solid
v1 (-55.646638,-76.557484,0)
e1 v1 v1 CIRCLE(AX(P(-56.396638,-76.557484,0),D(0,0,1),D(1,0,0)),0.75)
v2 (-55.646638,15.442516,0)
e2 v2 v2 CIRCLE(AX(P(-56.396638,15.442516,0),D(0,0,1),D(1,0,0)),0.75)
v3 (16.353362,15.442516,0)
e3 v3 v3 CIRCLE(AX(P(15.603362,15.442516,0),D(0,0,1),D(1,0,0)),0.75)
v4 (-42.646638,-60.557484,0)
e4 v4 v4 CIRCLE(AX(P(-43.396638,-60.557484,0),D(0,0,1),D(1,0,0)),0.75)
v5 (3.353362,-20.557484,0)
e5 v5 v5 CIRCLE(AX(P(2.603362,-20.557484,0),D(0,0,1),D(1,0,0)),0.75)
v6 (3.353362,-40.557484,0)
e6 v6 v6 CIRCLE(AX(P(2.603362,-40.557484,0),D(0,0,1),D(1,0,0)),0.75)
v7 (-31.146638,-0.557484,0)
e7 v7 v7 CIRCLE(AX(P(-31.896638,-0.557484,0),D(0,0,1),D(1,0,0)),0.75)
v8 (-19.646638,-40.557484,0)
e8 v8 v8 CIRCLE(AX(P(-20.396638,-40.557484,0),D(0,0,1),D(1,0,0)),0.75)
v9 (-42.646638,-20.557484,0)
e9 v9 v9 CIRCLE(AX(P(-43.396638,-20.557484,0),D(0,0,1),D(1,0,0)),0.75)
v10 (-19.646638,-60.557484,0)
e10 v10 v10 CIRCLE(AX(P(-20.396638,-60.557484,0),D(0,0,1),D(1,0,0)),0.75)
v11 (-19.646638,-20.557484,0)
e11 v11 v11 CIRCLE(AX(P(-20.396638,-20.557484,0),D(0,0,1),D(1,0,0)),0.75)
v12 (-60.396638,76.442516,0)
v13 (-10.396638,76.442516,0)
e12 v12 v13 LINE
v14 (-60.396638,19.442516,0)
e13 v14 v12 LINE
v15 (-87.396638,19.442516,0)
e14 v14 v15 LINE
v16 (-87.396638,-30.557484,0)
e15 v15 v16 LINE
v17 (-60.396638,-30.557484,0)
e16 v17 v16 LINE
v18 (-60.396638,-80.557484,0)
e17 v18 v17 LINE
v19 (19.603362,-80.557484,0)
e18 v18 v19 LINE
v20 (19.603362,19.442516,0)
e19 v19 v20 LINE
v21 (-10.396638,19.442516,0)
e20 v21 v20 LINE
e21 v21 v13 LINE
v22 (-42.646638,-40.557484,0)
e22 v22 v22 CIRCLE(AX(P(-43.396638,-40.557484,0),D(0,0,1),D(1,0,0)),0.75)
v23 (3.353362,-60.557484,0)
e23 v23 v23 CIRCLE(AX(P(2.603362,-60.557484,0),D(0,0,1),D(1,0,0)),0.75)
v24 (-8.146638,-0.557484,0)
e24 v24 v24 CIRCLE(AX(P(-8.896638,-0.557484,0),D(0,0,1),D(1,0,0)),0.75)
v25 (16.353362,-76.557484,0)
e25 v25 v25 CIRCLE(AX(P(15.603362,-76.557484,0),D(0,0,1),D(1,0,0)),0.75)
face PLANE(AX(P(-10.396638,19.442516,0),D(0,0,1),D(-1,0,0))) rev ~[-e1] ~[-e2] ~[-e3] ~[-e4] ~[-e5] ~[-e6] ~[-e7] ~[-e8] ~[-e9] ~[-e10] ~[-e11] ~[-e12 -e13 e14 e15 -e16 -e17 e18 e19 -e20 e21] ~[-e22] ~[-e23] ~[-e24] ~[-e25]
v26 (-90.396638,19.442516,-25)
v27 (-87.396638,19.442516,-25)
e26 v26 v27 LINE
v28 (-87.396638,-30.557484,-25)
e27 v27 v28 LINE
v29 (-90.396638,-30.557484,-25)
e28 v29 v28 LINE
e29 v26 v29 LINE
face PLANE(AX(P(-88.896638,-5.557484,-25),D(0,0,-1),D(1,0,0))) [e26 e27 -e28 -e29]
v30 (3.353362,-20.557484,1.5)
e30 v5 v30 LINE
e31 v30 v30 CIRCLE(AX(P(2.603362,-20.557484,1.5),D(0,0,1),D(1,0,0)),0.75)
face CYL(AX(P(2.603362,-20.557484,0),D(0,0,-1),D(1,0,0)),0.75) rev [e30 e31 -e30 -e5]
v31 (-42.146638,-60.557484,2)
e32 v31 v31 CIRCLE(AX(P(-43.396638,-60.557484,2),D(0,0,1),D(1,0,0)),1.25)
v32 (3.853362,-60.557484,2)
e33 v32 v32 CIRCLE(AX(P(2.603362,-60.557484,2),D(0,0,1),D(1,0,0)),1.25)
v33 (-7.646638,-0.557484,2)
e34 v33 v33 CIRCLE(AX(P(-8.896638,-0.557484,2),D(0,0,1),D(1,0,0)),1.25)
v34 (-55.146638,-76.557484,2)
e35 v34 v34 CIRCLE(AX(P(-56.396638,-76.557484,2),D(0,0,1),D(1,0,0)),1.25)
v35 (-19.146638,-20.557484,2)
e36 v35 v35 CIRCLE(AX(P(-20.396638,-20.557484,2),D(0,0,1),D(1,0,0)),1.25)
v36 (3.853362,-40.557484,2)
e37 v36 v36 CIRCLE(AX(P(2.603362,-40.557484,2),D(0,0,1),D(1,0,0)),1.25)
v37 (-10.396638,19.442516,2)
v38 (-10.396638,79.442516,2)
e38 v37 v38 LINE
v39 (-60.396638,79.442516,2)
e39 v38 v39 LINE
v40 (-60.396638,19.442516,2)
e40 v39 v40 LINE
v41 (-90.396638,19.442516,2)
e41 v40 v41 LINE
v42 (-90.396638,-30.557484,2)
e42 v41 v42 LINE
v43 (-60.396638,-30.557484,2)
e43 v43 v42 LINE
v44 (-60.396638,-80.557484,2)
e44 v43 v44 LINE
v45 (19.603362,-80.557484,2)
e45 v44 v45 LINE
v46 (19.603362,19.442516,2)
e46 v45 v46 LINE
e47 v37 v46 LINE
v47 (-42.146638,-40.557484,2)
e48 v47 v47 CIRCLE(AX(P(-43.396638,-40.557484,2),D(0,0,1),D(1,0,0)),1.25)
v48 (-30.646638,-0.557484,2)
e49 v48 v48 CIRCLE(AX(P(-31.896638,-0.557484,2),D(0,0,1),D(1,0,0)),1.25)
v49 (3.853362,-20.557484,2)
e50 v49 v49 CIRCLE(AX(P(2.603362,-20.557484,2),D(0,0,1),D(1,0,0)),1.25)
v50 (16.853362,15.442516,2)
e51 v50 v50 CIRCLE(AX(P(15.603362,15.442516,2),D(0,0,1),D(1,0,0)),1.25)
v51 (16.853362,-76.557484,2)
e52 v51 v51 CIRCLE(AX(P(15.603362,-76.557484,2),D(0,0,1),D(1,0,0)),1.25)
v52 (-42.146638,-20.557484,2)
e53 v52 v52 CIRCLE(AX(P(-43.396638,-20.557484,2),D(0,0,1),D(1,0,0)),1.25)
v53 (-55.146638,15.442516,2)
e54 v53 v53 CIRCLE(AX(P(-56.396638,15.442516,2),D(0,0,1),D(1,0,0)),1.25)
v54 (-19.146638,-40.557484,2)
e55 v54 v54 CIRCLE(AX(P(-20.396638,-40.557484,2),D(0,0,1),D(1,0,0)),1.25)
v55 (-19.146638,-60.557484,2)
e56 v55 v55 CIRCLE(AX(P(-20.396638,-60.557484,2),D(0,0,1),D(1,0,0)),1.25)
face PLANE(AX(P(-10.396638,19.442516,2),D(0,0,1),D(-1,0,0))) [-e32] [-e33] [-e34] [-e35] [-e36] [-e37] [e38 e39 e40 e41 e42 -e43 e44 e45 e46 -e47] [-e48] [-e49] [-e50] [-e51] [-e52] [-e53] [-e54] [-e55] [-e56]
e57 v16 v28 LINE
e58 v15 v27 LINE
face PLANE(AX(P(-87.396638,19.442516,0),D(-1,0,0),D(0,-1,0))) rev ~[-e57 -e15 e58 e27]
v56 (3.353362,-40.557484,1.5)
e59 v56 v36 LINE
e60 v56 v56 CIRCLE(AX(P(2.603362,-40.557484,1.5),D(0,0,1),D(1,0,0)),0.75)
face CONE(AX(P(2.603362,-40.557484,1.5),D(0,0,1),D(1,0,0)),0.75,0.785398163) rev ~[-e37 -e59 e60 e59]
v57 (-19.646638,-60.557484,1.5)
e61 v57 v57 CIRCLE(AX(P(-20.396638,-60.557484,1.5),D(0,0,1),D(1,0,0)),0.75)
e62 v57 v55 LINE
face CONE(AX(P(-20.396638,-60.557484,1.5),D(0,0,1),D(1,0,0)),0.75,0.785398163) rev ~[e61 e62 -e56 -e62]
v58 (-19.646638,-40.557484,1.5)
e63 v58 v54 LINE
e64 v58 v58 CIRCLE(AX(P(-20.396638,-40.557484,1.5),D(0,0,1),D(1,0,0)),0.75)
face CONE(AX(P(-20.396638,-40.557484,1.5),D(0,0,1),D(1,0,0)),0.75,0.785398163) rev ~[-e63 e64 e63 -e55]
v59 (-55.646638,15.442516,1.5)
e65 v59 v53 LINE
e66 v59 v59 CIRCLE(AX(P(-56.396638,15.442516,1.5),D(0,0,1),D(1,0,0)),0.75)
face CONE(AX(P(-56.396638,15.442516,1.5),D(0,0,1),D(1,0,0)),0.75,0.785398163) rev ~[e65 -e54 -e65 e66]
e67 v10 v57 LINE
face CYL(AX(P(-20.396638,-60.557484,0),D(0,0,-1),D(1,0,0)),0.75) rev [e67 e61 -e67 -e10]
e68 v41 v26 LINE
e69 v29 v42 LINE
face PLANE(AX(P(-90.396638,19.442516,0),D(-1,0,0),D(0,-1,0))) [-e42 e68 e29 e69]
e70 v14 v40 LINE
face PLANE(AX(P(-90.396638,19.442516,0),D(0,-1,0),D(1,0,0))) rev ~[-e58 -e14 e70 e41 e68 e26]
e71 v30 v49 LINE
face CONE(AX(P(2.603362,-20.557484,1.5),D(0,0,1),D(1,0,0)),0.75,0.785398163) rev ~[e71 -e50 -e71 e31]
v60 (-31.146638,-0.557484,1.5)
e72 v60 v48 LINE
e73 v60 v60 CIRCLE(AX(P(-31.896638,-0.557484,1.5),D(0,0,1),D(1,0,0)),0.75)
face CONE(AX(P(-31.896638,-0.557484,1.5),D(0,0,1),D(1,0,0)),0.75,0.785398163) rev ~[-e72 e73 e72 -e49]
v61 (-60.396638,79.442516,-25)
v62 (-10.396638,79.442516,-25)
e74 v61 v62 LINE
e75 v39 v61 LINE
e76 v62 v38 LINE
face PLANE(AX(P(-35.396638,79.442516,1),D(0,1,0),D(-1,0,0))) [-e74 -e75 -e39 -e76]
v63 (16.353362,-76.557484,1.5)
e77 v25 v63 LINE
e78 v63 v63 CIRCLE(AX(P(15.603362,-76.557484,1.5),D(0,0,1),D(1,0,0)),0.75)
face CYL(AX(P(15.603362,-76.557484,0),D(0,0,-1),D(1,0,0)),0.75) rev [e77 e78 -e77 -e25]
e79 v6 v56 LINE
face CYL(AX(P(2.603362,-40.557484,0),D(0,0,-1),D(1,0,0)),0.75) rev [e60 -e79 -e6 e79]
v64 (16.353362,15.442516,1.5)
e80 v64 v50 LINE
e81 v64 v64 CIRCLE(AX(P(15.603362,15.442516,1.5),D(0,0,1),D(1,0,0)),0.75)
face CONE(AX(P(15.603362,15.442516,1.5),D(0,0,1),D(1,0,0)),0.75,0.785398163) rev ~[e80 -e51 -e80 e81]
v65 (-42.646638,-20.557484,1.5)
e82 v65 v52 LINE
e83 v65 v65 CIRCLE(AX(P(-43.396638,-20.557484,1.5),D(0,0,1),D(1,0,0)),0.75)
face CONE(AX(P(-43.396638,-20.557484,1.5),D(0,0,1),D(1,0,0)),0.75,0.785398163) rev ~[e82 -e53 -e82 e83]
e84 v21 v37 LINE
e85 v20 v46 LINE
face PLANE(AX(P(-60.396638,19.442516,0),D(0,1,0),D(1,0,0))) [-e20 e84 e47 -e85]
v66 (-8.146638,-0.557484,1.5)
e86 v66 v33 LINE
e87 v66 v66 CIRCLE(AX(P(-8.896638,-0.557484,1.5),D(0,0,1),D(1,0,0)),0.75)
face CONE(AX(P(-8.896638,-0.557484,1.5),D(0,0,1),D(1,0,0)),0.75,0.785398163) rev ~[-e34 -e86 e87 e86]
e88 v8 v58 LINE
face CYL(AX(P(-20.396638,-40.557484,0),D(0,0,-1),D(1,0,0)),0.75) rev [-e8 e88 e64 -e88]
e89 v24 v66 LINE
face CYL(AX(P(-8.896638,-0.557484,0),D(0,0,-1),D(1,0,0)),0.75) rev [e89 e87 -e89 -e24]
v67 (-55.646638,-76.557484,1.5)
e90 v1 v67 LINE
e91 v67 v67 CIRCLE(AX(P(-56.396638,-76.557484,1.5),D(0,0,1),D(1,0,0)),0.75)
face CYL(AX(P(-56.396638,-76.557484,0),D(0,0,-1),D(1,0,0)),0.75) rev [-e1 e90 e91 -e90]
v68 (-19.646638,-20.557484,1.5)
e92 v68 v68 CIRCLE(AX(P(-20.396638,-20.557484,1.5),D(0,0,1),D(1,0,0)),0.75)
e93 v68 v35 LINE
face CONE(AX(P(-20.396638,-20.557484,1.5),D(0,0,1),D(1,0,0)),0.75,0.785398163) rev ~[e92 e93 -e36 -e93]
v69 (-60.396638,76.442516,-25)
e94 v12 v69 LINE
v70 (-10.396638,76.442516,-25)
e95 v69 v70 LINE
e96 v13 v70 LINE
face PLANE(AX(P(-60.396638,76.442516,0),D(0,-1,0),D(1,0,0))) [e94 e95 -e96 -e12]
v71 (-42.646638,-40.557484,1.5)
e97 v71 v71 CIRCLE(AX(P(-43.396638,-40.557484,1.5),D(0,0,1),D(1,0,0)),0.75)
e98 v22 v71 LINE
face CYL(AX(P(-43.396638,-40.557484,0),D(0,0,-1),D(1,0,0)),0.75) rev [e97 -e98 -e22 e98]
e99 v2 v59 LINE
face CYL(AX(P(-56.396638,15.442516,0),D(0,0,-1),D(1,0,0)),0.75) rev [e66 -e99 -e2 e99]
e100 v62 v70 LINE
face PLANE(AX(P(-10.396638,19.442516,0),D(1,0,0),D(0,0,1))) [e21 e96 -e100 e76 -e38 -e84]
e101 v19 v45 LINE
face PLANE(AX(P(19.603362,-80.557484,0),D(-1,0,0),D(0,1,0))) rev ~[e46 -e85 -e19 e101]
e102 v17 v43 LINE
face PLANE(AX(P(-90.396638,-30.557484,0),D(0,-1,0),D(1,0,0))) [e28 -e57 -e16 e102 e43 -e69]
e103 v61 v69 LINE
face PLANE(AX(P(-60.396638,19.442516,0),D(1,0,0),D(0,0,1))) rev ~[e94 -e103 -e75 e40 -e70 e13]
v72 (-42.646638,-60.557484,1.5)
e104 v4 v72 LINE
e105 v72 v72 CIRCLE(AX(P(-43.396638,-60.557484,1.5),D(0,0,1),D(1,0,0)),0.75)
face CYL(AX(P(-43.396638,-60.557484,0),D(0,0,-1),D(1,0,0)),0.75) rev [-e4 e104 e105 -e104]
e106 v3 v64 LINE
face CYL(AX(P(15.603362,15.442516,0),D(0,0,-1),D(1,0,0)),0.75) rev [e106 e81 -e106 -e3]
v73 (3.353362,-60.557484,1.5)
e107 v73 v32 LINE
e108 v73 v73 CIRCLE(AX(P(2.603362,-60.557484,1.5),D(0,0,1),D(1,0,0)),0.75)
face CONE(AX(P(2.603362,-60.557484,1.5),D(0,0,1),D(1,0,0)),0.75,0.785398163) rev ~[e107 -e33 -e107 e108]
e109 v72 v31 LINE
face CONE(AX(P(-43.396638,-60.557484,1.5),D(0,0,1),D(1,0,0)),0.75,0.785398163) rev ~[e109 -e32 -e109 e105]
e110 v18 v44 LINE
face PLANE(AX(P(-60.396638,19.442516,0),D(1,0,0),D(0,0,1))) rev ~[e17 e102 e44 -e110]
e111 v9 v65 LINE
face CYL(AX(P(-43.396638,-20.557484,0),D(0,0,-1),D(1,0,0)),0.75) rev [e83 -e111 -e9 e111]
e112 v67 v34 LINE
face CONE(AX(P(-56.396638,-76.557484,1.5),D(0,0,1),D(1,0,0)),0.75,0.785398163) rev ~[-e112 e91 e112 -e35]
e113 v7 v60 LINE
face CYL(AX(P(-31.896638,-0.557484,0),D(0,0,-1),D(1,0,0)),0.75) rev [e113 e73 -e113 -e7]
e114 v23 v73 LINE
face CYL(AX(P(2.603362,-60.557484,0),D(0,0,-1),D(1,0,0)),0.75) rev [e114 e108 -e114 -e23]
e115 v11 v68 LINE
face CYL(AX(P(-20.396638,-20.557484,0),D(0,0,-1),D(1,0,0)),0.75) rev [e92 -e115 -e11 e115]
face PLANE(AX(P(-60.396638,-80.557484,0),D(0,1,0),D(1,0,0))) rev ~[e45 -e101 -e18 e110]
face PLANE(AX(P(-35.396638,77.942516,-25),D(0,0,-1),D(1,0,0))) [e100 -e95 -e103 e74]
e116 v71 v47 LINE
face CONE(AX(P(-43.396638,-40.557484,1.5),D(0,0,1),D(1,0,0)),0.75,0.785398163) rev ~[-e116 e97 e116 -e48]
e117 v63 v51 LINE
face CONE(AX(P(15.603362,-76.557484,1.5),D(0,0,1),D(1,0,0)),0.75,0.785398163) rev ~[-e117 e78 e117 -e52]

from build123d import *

# Parameters (mm, degrees)
F0_W     = 80
F0_H     = 100
F0_R     = 0.75
F1_DEPTH = 2
F3_W     = 50
F3_H     = 2
F4_DEPTH = 60
F2_W     = 50
F2_H     = 2
F5_DEPTH = 30
F6_W     = 3
F6_H     = 50
F6_W_2   = 50
F6_H_2   = 3
F7_DEPTH = 25
F8_SIZE  = 0.5


with BuildPart() as f1:
    # F0 (on Top) → F1 (new body)
    with BuildSketch(Plane.XY):
        with Locations((-20.396638, -30.557484)):
            Rectangle(F0_W, F0_H)
        with Locations((-56.396638, -76.557484)):
            Circle(F0_R, mode=Mode.SUBTRACT)
        with Locations((-43.396638, -60.557484)):
            Circle(F0_R, mode=Mode.SUBTRACT)
        with Locations((-43.396638, -40.557484)):
            Circle(F0_R, mode=Mode.SUBTRACT)
        with Locations((-20.396638, -60.557484)):
            Circle(F0_R, mode=Mode.SUBTRACT)
        with Locations((15.603362, -76.557484)):
            Circle(F0_R, mode=Mode.SUBTRACT)
        with Locations((2.603362, -60.557484)):
            Circle(F0_R, mode=Mode.SUBTRACT)
        with Locations((-20.396638, -40.557484)):
            Circle(F0_R, mode=Mode.SUBTRACT)
        with Locations((2.603362, -40.557484)):
            Circle(F0_R, mode=Mode.SUBTRACT)
        with Locations((-43.396638, -20.557484)):
            Circle(F0_R, mode=Mode.SUBTRACT)
        with Locations((-56.396638, 15.442516)):
            Circle(F0_R, mode=Mode.SUBTRACT)
        with Locations((-31.896638, -0.557484)):
            Circle(F0_R, mode=Mode.SUBTRACT)
        with Locations((-20.396638, -20.557484)):
            Circle(F0_R, mode=Mode.SUBTRACT)
        with Locations((2.603362, -20.557484)):
            Circle(F0_R, mode=Mode.SUBTRACT)
        with Locations((-8.896638, -0.557484)):
            Circle(F0_R, mode=Mode.SUBTRACT)
        with Locations((15.603362, 15.442516)):
            Circle(F0_R, mode=Mode.SUBTRACT)
    extrude(amount=F1_DEPTH)

    # F3 (on face) → F4 (join)
    with BuildSketch(Plane(origin=(0, 19.442516, 0), x_dir=(-1, 0, 0), z_dir=(0, 1, 0))):
        with Locations((35.396638, 1)):
            Rectangle(F3_W, F3_H)
    extrude(amount=F4_DEPTH)

    # F2 (on face) → F5 (join)
    with BuildSketch(Plane(origin=(-60.396638, 0, 0), x_dir=(0, -1, 0), z_dir=(-1, 0, 0))):
        with Locations((5.557484, 1)):
            Rectangle(F2_W, F2_H)
    extrude(amount=F5_DEPTH)

    # F6 (on face) → F7 (join)
    with BuildSketch(Plane(origin=(0, 0, 0), x_dir=(1, 0, 0), z_dir=(0, 0, -1))):
        with Locations((-88.896638, 5.557484)):
            Rectangle(F6_W, F6_H)
        with Locations((-35.396638, -77.942516)):
            Rectangle(F6_W_2, F6_H_2)
    extrude(amount=F7_DEPTH)

    # F8
    f8_edges = [f1.edges().sort_by_distance(p)[0] for p in [
        (-57.146638, -76.557484, 2),
        (-44.146638, -60.557484, 2),
        (-44.146638, -40.557484, 2),
        (-44.146638, -20.557484, 2),
        (-32.646638, -0.557484, 2),
        (-21.146638, -20.557484, 2),
        (-21.146638, -40.557484, 2),
        (-21.146638, -60.557484, 2),
        (14.853362, -76.557484, 2),
        (1.853362, -60.557484, 2),
        (1.853362, -40.557484, 2),
        (1.853362, -20.557484, 2),
        (-9.646638, -0.557484, 2),
        (14.853362, 15.442516, 2),
        (-57.146638, 15.442516, 2),
    ]]
    chamfer(f8_edges, length=F8_SIZE)


solid = f1.part
